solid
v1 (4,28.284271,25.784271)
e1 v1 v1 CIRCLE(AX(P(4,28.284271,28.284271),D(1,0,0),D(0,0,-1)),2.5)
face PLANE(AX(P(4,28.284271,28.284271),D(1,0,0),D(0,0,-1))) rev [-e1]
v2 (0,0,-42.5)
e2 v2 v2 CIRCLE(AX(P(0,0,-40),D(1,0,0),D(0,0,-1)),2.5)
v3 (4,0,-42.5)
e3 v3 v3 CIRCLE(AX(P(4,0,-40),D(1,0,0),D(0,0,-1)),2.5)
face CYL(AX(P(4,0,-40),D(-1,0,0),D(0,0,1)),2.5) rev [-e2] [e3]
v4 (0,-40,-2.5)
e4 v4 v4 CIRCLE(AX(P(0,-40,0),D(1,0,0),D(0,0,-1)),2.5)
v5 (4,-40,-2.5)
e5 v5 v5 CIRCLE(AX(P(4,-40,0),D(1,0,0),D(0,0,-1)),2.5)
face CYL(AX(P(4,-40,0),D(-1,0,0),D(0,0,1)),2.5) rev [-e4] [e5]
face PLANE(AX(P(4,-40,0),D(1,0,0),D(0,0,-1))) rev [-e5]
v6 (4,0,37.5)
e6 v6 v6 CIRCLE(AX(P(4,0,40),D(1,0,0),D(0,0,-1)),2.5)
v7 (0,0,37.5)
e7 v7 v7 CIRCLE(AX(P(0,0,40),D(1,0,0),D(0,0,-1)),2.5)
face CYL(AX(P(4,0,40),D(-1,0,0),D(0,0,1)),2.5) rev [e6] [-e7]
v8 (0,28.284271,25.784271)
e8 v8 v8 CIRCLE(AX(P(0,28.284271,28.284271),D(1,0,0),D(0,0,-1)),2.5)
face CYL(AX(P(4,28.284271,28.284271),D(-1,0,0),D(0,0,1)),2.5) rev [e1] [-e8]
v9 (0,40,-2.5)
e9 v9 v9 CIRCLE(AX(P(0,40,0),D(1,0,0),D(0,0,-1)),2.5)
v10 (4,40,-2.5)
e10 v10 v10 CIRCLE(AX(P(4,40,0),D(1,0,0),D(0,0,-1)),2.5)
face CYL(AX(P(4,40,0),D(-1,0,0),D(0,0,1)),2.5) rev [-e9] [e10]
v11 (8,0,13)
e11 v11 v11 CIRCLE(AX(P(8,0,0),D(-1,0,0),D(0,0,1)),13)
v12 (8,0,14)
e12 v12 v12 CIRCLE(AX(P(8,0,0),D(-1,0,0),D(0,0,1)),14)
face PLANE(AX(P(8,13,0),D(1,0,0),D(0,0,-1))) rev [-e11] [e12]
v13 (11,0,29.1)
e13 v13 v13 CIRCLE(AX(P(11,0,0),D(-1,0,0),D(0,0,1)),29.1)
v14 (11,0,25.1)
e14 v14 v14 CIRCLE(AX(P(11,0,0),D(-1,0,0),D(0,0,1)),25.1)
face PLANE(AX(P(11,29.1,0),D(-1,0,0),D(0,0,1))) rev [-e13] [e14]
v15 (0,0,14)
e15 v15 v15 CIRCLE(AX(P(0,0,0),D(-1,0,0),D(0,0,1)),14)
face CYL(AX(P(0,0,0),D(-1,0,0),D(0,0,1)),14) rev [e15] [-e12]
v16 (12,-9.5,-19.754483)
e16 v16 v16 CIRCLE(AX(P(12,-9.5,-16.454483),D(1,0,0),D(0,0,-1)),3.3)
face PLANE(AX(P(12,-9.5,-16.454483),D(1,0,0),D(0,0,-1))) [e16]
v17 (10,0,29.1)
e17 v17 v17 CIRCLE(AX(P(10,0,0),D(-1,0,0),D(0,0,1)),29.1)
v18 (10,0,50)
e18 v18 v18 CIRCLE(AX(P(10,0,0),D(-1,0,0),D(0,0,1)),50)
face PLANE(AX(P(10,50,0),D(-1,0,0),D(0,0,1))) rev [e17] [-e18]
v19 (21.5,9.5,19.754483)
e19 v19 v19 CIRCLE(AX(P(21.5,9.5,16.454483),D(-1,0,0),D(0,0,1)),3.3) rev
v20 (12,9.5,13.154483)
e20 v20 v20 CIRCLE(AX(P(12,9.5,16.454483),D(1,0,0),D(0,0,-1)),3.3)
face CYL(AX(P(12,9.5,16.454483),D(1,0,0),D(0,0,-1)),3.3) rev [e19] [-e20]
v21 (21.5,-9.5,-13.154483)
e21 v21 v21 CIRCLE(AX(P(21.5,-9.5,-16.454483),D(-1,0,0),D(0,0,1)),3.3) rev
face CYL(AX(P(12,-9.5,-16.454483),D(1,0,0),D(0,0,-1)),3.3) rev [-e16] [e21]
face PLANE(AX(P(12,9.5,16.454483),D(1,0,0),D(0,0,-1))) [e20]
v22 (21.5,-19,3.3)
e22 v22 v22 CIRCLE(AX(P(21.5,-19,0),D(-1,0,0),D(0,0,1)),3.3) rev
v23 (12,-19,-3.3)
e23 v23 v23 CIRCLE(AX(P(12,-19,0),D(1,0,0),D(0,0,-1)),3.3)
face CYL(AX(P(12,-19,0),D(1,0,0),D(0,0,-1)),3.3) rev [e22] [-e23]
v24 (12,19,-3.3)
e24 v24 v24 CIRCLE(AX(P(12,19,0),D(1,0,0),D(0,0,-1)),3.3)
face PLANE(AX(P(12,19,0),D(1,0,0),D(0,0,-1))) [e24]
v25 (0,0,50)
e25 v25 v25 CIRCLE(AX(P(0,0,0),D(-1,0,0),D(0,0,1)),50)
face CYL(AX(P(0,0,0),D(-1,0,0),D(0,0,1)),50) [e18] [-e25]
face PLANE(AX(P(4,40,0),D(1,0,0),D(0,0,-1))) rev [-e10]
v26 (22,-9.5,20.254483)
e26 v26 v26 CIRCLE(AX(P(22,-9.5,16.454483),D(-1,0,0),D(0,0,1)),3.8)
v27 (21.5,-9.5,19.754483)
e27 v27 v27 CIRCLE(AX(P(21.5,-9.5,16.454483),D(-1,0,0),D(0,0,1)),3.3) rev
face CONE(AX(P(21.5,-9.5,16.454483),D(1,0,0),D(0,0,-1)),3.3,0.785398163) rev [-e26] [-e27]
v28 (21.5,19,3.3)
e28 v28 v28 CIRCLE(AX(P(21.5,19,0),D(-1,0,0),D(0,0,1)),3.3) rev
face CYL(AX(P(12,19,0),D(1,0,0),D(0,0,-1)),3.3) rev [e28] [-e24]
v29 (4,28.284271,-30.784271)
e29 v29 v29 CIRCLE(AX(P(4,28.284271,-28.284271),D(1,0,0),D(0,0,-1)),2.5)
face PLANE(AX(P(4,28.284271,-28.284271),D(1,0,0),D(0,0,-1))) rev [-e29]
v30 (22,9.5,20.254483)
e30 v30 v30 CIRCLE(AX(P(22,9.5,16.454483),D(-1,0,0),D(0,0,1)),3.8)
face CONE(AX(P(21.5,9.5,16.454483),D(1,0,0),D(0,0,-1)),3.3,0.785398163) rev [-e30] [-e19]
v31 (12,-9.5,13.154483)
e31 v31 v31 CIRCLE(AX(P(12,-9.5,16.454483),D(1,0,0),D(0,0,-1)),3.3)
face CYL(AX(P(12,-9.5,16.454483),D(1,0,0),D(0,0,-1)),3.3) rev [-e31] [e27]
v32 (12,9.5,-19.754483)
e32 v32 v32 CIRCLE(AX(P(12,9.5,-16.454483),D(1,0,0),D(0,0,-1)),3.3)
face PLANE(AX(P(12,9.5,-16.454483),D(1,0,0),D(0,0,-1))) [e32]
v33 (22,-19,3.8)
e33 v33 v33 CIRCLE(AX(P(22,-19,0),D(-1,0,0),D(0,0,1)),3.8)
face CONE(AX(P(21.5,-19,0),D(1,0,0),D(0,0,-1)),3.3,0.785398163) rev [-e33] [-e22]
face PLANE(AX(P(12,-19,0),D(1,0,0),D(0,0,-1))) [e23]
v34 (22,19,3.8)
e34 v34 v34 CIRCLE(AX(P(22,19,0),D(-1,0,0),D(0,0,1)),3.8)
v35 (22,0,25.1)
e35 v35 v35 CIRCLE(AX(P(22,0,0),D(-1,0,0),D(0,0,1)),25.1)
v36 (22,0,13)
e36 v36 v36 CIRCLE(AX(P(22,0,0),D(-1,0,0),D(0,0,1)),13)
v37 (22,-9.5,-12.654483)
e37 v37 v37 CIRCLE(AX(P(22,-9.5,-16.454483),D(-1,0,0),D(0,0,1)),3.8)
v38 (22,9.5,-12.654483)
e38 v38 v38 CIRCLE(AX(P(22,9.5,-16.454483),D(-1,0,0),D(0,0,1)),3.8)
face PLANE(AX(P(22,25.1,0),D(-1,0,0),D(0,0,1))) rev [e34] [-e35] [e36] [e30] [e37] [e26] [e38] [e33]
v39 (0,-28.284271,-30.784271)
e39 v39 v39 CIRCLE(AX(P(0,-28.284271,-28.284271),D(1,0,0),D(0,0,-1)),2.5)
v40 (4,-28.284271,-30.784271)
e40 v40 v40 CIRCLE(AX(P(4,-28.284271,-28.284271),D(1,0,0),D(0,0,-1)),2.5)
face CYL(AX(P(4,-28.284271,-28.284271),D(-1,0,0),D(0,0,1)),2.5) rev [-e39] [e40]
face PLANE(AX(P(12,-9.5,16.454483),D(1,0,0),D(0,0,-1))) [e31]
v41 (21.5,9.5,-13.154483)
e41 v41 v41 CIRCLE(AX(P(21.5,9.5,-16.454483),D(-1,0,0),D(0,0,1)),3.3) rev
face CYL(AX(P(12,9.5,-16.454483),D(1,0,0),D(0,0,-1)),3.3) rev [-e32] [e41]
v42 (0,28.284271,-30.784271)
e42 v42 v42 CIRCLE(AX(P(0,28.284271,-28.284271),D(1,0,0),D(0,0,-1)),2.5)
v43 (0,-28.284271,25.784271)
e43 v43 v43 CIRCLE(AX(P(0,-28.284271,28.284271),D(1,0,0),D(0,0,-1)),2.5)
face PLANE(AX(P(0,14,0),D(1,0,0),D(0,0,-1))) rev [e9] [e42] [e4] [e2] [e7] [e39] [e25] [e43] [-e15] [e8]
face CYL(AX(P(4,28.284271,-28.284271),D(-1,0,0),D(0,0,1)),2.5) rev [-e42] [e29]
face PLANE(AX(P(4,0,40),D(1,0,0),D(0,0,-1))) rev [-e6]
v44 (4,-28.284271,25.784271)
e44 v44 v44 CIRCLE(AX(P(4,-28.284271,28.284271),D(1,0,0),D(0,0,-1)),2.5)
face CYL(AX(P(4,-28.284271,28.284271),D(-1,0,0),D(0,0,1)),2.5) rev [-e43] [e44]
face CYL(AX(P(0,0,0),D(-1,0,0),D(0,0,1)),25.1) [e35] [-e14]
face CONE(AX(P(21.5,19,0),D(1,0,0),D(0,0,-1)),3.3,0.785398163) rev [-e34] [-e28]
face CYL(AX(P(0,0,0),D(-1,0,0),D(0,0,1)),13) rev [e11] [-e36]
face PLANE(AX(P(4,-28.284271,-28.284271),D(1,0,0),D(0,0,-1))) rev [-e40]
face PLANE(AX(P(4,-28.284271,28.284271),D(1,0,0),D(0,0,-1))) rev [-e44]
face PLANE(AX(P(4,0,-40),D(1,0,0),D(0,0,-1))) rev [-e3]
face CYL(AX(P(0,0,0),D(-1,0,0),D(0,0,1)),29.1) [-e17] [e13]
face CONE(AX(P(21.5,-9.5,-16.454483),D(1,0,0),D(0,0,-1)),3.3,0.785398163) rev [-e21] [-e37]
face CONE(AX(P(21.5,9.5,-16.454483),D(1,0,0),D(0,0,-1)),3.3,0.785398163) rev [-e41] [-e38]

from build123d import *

# Parameters (mm, degrees)
SKETCH3_R          = 2.5
CUT_EXTRUDE1_DEPTH = 4
SKETCH4_R          = 3.3
CUT_EXTRUDE2_DEPTH = 10
CHAMFER1_SIZE      = 0.5


with BuildPart() as part:
    # Sketch2 → Revolve1 (revolve)
    with BuildSketch(Plane.XY, mode=Mode.PRIVATE) as revolve1_sk:
        Polygon((0, 50), (10, 50), (10, 29.1), (11, 29.1), (11, 25.1), (22, 25.1), (22, 13), (8, 13), (8, 14), (0, 14), align=None)
    revolve(revolve1_sk.sketch.rotate(Axis((0, 0, 0), (1, 0, 0)), 90), axis=Axis((0, 0, 0), (1, 0, 0)))

    # Sketch3 → Cut-Extrude1 (cut)
    with BuildSketch(Plane(origin=(0, 0, 0), x_dir=(0, 0, -1), z_dir=(1, 0, 0))):
        with Locations((0, 40)):
            Circle(SKETCH3_R)
        with Locations((28.284271247, 28.284271247)):
            Circle(SKETCH3_R)
        with Locations((40, 0)):
            Circle(SKETCH3_R)
        with Locations((28.284271247, -28.284271247)):
            Circle(SKETCH3_R)
        with Locations((0, -40)):
            Circle(SKETCH3_R)
        with Locations((-28.284271247, -28.284271247)):
            Circle(SKETCH3_R)
        with Locations((-40, 0)):
            Circle(SKETCH3_R)
        with Locations((-28.284271247, 28.284271247)):
            Circle(SKETCH3_R)
    extrude(amount=CUT_EXTRUDE1_DEPTH, mode=Mode.SUBTRACT)

    # Sketch4 → Cut-Extrude2 (cut)
    with BuildSketch(Plane(origin=(22, 0, 0), x_dir=(0, 0, -1), z_dir=(1, 0, 0))):
        with Locations((0, 19)):
            Circle(SKETCH4_R)
        with Locations((16.454482672, 9.5)):
            Circle(SKETCH4_R)
        with Locations((16.454482672, -9.5)):
            Circle(SKETCH4_R)
        with Locations((0, -19)):
            Circle(SKETCH4_R)
        with Locations((-16.454482672, -9.5)):
            Circle(SKETCH4_R)
        with Locations((-16.454482672, 9.5)):
            Circle(SKETCH4_R)
    extrude(amount=-CUT_EXTRUDE2_DEPTH, mode=Mode.SUBTRACT)

    # Chamfer1
    chamfer1_edges = [part.edges().sort_by_distance(p)[0] for p in [
        (22, 19, 3.3),
        (22, 9.5, 19.754482672),
        (22, -9.5, 19.754482672),
        (22, -19, 3.3),
        (22, -9.5, -13.154482672),
        (22, 9.5, -13.154482672),
    ]]
    chamfer(chamfer1_edges, length=CHAMFER1_SIZE)


solid = part.part
